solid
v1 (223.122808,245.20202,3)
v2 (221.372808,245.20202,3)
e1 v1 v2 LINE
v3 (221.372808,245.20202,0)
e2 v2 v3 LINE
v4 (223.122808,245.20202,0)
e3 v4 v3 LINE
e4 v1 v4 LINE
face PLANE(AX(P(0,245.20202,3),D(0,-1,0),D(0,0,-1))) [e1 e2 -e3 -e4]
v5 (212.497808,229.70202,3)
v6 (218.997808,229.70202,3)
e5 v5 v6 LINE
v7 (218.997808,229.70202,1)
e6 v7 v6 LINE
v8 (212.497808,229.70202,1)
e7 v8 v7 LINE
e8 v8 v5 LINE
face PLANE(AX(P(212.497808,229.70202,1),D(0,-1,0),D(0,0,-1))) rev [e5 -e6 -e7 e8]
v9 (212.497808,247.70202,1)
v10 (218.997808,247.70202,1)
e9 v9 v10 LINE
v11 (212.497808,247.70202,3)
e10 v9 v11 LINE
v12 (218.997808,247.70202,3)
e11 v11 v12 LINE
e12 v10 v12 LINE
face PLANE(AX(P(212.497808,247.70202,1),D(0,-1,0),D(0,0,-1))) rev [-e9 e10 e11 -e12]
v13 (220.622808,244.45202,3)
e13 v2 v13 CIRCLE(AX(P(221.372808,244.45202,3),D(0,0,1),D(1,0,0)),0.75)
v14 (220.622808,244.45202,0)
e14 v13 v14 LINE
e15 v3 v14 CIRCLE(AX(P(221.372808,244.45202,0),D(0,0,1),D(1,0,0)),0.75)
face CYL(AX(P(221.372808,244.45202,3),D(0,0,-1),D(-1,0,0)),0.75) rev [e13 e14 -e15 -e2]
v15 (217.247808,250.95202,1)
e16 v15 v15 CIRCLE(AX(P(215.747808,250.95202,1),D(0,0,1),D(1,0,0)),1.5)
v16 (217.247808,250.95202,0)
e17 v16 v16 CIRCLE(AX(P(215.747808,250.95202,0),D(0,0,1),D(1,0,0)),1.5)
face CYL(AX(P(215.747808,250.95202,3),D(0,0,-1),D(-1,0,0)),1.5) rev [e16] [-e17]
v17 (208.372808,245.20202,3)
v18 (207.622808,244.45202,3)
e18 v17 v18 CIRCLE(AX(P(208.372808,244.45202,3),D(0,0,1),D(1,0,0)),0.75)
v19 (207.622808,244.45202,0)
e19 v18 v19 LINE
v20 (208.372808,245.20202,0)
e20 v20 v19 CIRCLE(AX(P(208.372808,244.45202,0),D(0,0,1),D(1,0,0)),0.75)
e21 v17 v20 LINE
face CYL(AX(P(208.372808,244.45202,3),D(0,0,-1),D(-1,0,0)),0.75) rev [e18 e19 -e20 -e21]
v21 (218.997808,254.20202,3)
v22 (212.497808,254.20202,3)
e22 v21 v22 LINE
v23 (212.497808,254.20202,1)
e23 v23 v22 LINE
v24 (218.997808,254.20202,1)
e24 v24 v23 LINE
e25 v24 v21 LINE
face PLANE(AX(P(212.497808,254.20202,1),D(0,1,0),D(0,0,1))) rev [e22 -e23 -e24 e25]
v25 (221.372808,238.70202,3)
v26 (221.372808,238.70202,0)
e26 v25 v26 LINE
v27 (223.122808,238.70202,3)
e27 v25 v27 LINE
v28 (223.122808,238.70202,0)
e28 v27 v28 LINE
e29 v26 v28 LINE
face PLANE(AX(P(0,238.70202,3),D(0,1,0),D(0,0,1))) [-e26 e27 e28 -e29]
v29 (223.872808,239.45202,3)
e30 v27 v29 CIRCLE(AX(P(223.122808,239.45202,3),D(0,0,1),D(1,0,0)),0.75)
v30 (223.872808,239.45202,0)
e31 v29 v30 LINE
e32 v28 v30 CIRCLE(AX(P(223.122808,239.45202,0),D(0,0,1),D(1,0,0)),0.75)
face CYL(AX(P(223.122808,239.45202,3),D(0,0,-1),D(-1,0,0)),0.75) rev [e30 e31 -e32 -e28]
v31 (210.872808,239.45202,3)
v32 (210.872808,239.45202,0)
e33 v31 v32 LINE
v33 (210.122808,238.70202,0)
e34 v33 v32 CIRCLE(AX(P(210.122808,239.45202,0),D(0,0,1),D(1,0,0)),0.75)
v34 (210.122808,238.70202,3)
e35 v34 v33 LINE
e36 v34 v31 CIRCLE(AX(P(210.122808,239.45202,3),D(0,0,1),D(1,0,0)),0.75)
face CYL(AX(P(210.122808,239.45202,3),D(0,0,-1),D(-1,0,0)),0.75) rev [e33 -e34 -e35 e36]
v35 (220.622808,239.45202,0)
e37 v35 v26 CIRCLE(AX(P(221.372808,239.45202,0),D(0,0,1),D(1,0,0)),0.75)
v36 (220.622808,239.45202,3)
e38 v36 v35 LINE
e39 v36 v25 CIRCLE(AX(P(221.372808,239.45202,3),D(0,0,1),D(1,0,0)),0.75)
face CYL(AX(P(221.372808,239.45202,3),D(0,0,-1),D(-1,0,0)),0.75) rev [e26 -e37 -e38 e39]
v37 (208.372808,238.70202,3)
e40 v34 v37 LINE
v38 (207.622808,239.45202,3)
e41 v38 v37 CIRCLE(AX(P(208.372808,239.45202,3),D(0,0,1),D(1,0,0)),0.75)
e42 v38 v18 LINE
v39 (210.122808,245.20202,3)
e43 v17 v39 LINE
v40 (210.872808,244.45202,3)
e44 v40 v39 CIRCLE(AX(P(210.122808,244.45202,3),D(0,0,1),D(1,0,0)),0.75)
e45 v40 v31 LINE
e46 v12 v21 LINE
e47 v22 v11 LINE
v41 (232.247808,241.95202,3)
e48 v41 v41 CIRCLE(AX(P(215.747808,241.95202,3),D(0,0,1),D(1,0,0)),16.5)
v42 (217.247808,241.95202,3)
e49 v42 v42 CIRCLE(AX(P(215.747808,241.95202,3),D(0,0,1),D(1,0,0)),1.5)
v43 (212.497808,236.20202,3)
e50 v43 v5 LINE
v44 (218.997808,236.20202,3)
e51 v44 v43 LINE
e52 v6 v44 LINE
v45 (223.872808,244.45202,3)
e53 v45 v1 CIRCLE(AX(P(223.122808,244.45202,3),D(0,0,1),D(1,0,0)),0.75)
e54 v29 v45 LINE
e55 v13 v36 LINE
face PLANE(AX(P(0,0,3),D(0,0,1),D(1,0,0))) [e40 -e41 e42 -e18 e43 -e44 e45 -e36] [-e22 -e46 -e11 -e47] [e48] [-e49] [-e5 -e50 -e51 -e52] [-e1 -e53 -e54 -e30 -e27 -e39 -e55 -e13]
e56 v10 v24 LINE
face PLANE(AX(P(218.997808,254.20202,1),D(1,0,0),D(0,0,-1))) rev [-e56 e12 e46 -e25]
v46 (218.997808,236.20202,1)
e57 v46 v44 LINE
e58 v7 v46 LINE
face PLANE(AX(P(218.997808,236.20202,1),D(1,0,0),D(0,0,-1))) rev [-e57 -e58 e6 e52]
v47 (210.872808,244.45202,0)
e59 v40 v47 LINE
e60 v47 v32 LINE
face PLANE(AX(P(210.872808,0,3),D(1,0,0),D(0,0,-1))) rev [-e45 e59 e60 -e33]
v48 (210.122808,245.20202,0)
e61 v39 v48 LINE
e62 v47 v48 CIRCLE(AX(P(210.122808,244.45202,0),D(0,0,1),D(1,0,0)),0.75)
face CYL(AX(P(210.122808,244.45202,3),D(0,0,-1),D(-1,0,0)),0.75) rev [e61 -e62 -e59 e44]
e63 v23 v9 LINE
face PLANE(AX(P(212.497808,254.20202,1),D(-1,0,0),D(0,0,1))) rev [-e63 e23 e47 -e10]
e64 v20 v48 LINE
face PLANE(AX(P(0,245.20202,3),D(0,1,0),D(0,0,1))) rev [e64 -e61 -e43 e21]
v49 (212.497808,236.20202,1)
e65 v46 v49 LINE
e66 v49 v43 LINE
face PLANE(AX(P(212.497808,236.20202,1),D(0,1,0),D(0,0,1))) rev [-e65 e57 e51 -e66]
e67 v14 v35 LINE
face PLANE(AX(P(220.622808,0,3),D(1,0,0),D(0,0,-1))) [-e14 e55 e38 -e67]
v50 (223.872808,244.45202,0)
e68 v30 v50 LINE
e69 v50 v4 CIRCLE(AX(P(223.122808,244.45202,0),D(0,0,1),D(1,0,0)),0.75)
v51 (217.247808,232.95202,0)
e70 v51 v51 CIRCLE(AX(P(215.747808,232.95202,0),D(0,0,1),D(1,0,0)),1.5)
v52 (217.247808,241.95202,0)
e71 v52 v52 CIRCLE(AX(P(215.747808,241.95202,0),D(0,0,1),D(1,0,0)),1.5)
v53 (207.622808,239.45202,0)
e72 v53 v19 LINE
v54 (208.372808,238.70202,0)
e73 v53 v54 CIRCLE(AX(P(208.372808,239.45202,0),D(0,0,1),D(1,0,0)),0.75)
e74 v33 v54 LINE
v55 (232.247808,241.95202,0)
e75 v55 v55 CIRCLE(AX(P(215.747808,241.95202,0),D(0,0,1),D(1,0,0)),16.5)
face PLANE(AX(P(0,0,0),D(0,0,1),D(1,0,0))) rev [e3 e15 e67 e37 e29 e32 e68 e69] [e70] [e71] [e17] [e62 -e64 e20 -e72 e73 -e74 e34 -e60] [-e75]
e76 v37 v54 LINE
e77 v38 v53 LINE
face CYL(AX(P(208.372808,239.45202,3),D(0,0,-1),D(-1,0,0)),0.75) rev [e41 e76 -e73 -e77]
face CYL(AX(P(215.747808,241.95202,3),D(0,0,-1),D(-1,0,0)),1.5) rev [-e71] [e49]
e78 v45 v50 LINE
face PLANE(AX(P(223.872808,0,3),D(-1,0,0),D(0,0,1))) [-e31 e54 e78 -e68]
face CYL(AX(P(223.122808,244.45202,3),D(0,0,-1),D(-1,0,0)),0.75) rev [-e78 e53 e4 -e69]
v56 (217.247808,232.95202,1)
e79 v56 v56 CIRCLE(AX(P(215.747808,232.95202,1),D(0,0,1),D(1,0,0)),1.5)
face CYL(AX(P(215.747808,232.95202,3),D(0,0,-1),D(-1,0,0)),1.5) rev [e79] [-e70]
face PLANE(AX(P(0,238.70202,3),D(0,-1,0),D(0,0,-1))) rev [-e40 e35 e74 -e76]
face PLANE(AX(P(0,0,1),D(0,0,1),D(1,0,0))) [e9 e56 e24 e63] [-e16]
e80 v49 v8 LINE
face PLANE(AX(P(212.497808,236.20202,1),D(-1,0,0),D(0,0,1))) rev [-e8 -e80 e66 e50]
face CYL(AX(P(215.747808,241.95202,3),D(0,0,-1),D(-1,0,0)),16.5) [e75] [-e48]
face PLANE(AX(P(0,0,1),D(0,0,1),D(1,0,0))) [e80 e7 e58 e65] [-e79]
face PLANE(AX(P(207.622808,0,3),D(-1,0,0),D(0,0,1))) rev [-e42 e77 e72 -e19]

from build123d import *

# Parameters (mm, degrees)
MODEL_R                 = 16.5
MODEL_R_2               = 1.5
SALIENTE_EXTRUIR1_DEPTH = 3
CROQUIS2_W              = 6.5
CROQUIS2_H              = 6.5
CROQUIS2_W_2            = 6.500000001
CORTAR_EXTRUIR1_DEPTH   = 2


with BuildPart() as part:
    # Model → Saliente-Extruir1 (new body)
    with BuildSketch(Plane.XY):
        with Locations((215.747807914, 241.952019993)):
            Circle(MODEL_R)
        with Locations((215.747807914, 232.952019993)):
            Circle(MODEL_R_2, mode=Mode.SUBTRACT)
        with Locations((215.747807914, 241.952019993)):
            Circle(MODEL_R_2, mode=Mode.SUBTRACT)
        with BuildLine():
            ThreePointArc((207.622807913, 244.452019993), (207.842477828, 244.982350079), (208.372807913, 245.202019993))
            Line((208.372807913, 245.202019993), (210.122807913, 245.202019993))
            ThreePointArc((210.122807913, 245.202019993), (210.653137999, 244.982350079), (210.872807913, 244.452019993))
            Line((210.872807913, 244.452019993), (210.872807913, 239.452019993))
            ThreePointArc((210.872807914, 239.452019993), (210.653137999, 238.921689907), (210.122807913, 238.702019993))
            Line((210.122807913, 238.702019993), (208.372807913, 238.702019993))
            ThreePointArc((208.372807913, 238.702019993), (207.842477828, 238.921689907), (207.622807913, 239.452019993))
            Line((207.622807913, 239.452019993), (207.622807913, 244.452019993))
        make_face(mode=Mode.SUBTRACT)
        with BuildLine():
            Line((221.372807913, 245.202019993), (223.122807913, 245.202019993))
            ThreePointArc((223.122807913, 245.202019993), (223.653137999, 244.982350079), (223.872807913, 244.452019993))
            Line((223.872807913, 244.452019993), (223.872807913, 239.452019993))
            ThreePointArc((223.872807914, 239.452019993), (223.653137999, 238.921689907), (223.122807913, 238.702019993))
            Line((223.122807913, 238.702019993), (221.372807913, 238.702019993))
            ThreePointArc((221.372807913, 238.702019993), (220.842477828, 238.921689907), (220.622807913, 239.452019993))
            Line((220.622807913, 239.452019993), (220.622807913, 244.452019993))
            ThreePointArc((220.622807913, 244.452019993), (220.842477828, 244.982350079), (221.372807913, 245.202019993))
        make_face(mode=Mode.SUBTRACT)
        with Locations((215.747807914, 250.952019993)):
            Circle(MODEL_R_2, mode=Mode.SUBTRACT)
    extrude(amount=SALIENTE_EXTRUIR1_DEPTH)

    # Croquis2 → Cortar-Extruir1 (cut)
    with BuildSketch(Plane.XY.offset(3)):
        with Locations((215.747807914, 250.952019993)):
            Rectangle(CROQUIS2_W, CROQUIS2_H)
        with Locations((215.747807914, 232.952019993)):
            Rectangle(CROQUIS2_W_2, CROQUIS2_H)
    extrude(amount=-CORTAR_EXTRUIR1_DEPTH, mode=Mode.SUBTRACT)


solid = part.part
